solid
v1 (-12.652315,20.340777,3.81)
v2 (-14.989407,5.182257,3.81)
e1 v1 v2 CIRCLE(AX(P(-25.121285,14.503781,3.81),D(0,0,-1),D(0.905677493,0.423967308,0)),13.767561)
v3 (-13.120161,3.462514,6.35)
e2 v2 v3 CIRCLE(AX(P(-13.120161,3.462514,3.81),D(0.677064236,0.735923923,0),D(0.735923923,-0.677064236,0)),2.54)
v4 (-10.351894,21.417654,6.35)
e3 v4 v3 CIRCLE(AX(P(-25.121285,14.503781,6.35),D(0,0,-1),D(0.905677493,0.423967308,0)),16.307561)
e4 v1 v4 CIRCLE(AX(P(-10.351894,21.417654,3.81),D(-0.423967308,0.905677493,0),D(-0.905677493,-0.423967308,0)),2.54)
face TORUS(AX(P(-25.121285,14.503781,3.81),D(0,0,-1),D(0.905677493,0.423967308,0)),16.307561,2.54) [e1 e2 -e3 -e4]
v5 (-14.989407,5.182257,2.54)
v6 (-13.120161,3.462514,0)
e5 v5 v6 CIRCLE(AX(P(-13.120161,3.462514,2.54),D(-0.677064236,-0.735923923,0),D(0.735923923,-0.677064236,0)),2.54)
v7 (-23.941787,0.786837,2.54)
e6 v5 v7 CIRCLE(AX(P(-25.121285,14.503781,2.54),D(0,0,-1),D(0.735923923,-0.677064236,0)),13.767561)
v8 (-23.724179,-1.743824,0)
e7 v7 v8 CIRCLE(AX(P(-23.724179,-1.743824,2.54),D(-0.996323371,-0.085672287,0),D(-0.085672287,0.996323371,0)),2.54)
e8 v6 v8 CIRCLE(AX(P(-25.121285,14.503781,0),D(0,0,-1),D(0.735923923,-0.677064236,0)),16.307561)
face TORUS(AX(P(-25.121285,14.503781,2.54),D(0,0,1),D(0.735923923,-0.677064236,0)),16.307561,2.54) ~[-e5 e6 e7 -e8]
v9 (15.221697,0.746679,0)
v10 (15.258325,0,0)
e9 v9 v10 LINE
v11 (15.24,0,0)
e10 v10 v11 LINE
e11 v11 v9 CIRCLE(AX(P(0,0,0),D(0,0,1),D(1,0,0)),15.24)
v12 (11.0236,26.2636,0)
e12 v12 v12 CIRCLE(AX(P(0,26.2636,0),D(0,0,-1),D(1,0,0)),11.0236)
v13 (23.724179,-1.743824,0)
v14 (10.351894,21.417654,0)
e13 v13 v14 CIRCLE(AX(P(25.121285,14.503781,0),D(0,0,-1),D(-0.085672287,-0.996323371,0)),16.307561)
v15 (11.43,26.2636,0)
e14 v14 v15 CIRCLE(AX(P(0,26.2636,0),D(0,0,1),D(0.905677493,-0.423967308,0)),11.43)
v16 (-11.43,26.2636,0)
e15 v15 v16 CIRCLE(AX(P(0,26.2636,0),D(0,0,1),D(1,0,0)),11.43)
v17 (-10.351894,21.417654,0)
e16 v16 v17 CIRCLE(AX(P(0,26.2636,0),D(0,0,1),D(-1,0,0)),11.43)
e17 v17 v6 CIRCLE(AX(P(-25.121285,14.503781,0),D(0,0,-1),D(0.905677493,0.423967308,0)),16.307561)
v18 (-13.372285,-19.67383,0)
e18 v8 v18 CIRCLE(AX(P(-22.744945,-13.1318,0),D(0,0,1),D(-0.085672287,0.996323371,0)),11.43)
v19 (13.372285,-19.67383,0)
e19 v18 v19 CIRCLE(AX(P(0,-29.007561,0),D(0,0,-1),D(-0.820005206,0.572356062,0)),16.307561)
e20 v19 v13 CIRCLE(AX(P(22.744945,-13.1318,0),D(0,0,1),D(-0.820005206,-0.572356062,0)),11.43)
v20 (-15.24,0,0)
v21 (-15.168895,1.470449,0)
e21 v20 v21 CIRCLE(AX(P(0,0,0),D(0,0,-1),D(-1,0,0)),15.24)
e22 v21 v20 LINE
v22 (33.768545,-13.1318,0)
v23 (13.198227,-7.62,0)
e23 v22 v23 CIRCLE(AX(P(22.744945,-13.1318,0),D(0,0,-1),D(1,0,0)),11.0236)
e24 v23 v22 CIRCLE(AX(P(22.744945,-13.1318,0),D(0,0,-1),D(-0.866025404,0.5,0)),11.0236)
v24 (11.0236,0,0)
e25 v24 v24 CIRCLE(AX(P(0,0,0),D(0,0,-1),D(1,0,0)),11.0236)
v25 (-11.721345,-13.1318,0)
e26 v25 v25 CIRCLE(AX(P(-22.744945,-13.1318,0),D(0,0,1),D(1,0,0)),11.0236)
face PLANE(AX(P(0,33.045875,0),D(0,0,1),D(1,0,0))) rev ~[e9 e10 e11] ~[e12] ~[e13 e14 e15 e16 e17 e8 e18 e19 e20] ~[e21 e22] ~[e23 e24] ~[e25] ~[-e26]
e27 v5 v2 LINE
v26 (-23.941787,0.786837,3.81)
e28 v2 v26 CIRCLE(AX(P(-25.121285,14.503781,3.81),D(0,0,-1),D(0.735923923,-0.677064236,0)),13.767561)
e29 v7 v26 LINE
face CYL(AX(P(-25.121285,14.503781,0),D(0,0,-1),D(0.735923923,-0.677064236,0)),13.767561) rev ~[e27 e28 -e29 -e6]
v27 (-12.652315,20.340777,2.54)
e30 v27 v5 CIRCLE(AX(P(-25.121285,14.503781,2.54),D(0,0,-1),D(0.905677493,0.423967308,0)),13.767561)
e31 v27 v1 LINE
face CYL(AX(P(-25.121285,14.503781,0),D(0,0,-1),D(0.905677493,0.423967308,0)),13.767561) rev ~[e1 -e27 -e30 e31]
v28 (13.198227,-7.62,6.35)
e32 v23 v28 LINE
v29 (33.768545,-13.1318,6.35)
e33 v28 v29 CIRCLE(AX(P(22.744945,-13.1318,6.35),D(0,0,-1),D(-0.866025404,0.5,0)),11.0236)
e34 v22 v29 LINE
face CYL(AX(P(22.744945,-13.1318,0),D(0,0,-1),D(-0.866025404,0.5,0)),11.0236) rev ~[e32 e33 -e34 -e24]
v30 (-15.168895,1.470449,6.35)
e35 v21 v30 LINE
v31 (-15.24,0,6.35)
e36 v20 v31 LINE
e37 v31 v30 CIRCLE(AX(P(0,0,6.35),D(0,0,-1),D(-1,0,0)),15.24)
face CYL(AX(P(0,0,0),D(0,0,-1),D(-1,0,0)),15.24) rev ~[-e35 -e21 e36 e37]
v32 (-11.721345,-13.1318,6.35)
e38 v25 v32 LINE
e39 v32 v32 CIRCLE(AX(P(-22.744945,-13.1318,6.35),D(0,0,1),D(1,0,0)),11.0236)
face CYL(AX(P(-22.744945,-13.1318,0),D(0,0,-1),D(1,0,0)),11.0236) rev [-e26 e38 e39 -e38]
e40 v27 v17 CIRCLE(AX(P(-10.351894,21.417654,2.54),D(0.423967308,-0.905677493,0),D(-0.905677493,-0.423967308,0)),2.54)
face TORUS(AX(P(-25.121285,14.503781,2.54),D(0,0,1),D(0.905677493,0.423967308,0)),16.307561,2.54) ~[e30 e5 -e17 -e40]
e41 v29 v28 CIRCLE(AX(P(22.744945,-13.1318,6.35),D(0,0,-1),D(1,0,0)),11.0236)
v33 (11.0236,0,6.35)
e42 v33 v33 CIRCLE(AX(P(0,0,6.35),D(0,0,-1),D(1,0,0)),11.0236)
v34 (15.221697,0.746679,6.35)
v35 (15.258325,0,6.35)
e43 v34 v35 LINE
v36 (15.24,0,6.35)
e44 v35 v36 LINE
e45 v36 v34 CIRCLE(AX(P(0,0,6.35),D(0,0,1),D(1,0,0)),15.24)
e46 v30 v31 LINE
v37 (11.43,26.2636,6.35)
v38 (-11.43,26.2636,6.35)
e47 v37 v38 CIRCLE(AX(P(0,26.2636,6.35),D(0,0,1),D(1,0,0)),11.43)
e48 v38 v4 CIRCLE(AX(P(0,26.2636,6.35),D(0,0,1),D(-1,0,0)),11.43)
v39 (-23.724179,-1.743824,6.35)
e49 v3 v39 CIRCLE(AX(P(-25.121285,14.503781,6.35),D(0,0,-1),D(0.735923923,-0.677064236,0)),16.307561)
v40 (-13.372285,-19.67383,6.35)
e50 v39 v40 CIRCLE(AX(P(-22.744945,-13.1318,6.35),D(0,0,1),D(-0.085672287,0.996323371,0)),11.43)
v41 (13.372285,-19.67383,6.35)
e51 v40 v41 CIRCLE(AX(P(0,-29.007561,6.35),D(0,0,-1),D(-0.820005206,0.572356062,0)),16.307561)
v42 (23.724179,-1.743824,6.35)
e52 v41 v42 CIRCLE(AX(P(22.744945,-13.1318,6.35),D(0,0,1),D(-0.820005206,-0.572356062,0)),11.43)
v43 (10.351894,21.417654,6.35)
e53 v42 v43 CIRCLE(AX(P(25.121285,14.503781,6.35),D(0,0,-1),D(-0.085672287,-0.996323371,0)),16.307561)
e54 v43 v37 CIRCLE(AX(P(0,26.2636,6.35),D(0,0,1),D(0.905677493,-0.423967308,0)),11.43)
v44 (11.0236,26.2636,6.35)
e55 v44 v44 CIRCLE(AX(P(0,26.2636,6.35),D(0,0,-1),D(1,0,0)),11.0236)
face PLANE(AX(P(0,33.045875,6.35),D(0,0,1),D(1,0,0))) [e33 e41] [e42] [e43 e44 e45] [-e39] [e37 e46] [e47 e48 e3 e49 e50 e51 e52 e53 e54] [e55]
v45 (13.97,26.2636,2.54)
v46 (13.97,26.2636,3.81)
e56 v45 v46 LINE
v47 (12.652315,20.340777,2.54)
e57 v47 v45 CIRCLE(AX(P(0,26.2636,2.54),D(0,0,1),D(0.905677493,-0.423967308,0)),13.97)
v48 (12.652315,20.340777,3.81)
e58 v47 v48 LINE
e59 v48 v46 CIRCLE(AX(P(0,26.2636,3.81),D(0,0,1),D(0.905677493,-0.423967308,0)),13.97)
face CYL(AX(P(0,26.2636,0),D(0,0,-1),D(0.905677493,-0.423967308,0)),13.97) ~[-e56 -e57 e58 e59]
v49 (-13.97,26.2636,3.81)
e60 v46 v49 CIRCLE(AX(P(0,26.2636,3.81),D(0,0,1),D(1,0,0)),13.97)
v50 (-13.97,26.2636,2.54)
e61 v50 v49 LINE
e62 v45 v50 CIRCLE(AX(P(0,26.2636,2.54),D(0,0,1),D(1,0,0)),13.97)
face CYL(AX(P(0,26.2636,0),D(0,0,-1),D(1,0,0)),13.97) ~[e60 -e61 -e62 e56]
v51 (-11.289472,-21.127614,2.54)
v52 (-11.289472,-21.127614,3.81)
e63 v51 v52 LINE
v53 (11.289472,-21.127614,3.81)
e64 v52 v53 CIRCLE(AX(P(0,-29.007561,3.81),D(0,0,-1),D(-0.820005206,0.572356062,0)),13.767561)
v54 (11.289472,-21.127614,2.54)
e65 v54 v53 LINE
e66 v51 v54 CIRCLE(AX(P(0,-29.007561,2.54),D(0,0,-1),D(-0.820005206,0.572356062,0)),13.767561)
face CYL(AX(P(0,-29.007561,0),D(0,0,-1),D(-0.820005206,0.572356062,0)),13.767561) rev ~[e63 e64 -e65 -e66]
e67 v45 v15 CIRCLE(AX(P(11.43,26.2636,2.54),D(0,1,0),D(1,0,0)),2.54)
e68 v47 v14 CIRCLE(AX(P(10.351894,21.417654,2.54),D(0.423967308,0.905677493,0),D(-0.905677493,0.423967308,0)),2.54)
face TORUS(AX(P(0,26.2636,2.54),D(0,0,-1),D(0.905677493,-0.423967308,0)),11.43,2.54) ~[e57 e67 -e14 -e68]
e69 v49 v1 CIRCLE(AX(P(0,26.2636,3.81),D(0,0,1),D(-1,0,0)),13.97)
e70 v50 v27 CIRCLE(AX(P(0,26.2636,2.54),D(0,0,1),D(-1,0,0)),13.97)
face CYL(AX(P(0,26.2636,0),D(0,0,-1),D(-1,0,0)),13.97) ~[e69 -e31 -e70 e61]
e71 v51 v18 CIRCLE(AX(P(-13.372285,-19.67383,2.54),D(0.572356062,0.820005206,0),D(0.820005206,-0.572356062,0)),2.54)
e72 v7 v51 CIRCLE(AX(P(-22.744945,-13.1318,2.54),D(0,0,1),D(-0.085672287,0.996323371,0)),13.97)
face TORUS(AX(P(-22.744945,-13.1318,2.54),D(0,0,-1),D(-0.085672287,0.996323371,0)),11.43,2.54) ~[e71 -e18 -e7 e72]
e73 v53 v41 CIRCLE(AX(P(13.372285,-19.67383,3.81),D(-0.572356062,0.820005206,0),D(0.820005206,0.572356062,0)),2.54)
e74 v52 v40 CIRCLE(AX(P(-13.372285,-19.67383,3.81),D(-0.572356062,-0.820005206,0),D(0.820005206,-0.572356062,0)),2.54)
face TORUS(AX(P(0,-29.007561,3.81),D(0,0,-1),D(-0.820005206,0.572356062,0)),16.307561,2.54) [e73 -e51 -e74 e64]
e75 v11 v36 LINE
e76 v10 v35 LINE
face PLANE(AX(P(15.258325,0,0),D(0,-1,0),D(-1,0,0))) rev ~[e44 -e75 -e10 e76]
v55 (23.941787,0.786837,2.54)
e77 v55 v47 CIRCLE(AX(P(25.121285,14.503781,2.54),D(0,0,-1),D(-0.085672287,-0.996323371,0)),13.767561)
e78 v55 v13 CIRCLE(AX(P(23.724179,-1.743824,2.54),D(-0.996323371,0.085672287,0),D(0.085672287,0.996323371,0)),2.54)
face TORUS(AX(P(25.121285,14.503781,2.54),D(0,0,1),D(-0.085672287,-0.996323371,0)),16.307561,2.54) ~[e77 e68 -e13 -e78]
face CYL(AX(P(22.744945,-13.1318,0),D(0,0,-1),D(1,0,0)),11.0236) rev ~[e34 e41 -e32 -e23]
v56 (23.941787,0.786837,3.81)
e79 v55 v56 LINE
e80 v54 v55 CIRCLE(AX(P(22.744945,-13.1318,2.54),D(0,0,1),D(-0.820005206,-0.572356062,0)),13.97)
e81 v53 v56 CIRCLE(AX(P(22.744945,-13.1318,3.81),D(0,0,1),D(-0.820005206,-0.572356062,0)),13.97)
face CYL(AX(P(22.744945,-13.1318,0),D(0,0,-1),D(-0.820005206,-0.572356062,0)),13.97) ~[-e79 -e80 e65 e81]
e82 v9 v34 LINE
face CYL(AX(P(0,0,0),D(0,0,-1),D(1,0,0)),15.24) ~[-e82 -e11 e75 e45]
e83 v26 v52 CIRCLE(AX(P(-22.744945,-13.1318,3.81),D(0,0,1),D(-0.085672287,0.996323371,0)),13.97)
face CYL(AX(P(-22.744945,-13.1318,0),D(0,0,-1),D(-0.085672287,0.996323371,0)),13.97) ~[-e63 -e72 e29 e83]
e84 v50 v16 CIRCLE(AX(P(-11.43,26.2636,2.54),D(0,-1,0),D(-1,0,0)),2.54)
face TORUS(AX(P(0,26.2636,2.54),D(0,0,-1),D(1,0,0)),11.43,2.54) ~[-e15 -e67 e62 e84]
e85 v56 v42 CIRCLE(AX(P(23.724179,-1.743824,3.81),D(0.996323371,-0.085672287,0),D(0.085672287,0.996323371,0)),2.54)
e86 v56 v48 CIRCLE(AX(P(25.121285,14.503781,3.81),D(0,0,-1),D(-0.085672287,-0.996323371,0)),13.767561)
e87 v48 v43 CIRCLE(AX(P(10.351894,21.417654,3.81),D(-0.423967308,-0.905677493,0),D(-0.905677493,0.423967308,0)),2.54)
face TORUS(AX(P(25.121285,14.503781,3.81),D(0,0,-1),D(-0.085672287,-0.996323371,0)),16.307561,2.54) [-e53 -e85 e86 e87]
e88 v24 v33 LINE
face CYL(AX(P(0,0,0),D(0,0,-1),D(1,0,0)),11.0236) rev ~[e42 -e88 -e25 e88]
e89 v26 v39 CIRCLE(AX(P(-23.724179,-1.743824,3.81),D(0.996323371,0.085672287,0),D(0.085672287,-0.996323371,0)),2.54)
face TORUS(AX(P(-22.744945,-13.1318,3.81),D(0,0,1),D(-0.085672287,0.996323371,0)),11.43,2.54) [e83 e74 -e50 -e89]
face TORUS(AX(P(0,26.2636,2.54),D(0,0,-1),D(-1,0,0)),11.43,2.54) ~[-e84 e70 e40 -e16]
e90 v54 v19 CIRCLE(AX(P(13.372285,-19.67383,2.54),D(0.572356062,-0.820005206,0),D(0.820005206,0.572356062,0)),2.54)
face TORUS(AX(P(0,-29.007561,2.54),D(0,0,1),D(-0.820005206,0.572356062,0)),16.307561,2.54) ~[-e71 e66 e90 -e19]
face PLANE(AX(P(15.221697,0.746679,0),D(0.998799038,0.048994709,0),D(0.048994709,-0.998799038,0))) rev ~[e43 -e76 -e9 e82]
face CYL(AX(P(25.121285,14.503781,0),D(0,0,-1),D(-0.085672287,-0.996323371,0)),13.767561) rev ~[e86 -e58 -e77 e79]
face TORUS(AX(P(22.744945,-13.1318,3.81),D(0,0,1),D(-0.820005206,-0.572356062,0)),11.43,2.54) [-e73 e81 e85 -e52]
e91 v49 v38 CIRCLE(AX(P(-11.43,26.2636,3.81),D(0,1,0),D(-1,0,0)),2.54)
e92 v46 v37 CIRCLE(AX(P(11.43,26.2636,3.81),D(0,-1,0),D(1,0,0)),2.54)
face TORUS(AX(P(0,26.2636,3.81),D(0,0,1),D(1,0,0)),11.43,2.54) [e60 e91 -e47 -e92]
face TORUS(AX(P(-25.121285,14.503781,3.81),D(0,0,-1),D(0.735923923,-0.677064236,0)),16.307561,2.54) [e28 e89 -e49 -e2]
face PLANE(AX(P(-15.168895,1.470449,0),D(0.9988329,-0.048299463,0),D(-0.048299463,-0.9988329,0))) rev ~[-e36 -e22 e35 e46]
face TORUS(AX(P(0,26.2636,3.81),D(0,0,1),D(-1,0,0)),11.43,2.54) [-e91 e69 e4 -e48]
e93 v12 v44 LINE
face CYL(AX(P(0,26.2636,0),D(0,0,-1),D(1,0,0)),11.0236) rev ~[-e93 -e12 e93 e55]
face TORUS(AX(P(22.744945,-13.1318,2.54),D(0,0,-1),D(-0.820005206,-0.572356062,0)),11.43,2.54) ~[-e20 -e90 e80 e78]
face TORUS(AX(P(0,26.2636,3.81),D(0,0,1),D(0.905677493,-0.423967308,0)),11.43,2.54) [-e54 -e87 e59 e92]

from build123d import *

# Parameters (mm, degrees)
F0_R     = 11.0236
F1_DEPTH = 6.35
F2_R     = 2.54


with BuildPart() as f1:
    # F0 (on Top) → F1 (new body)
    with BuildSketch(Plane.XY):
        with BuildLine():
            Line((11.0236, 26.2636), (13.97, 26.2636))
            ThreePointArc((13.97, 26.2636), (0, 40.2336), (-13.97, 26.2636))
            Line((-13.97, 26.2636), (-11.0236, 26.2636))
            ThreePointArc((-11.0236, 26.2636), (0, 37.2872), (11.0236, 26.2636))
        make_face()
        with BuildLine():
            ThreePointArc((-12.6523145779, 20.3407767017), (0, 12.2936), (12.6523145779, 20.3407767017))
            ThreePointArc((12.6523145779, 20.3407767017), (13.6366002848, 23.2297851287), (13.97, 26.2636))
            Line((13.97, 26.2636), (11.0236, 26.2636))
            ThreePointArc((11.0236, 26.2636), (0, 15.24), (-11.0236, 26.2636))
            Line((-11.0236, 26.2636), (-13.97, 26.2636))
            ThreePointArc((-13.97, 26.2636), (-13.6366002848, 23.2297851287), (-12.6523145779, 20.3407767017))
        make_face()
        with BuildLine():
            ThreePointArc((-11.0236, 0), (0, 11.0236), (11.0236, 0))
            Line((11.0236, 0), (15.24, 0))
            ThreePointArc((15.24, 0), (15.2241210431, -0.6955130947), (15.1765172618, -1.3895768426))
            ThreePointArc((15.1765172618, -1.3895768426), (19.3784227224, 0.4264974276), (23.9417866454, 0.7868374902))
            ThreePointArc((23.9417866454, 0.7868374902), (13.1982271537, 7.62), (12.6523145779, 20.3407767017))
            ThreePointArc((12.6523145779, 20.3407767017), (0, 12.2936), (-12.6523145779, 20.3407767017))
            ThreePointArc((-12.6523145779, 20.3407767017), (-11.5144939922, 12.4059285943), (-14.9894072898, 5.1822572461))
            Line((-14.9894072898, 5.1822572461), (-15.1688950932, 1.4704494726))
            Line((-15.1688950932, 1.4704494726), (-15.24, 0))
            Line((-15.24, 0), (-11.0236, 0))
        make_face()
        with BuildLine():
            Line((15.2583246667, 0), (15.24, 0))
            ThreePointArc((15.24, 0), (15.235423648, 0.3734518243), (15.2216973405, 0.7466793643))
            Line((15.2216973405, 0.7466793643), (15.2583246667, 0))
        make_face(mode=Mode.SUBTRACT)
        with BuildLine():
            ThreePointArc((-15.1765172618, -1.3895768426), (-15.2241210431, -0.6955130947), (-15.24, 0))
            ThreePointArc((-15.24, 0), (-15.2222133939, 0.7360838198), (-15.1688950932, 1.4704494726))
            Line((-15.1688950932, 1.4704494726), (-14.9894072898, 5.1822572461))
            ThreePointArc((-14.9894072898, 5.1822572461), (-19.0536054002, 2.1454227776), (-23.9417866454, 0.7868374902))
            ThreePointArc((-23.9417866454, 0.7868374902), (-19.3784227224, 0.4264974276), (-15.1765172618, -1.3895768426))
        make_face()
        with BuildLine():
            ThreePointArc((-8.7749447948, -13.1318), (-10.4793051328, -6.4448736746), (-15.1765172618, -1.3895768426))
            ThreePointArc((-15.1765172618, -1.3895768426), (-19.3784227224, 0.4264974276), (-23.9417866454, 0.7868374902))
            ThreePointArc((-23.9417866454, 0.7868374902), (-34.8433196857, -20.1168), (-11.2894720675, -21.127614192))
            ThreePointArc((-11.2894720675, -21.127614192), (-9.4183950913, -17.3227393934), (-8.7749447948, -13.1318))
        make_face()
        with Locations((-22.7449447948, -13.1318)):
            Circle(F0_R, mode=Mode.SUBTRACT)
        with BuildLine():
            Line((15.24, 0), (11.0236, 0))
            ThreePointArc((11.0236, 0), (0, -11.0236), (-11.0236, 0))
            Line((-11.0236, 0), (-15.24, 0))
            ThreePointArc((-15.24, 0), (-15.2241210431, -0.6955130947), (-15.1765172618, -1.3895768426))
            ThreePointArc((-15.1765172618, -1.3895768426), (-10.4793051328, -6.4448736746), (-8.7749447948, -13.1318))
            ThreePointArc((-8.7749447948, -13.1318), (-9.4183950913, -17.3227393934), (-11.2894720675, -21.127614192))
            ThreePointArc((-11.2894720675, -21.127614192), (0, -15.24), (11.2894720675, -21.127614192))
            ThreePointArc((11.2894720675, -21.127614192), (9.3198537542, -16.9954550766), (8.7916674771, -12.4484610684))
            ThreePointArc((8.7916674771, -12.4484610684), (10.646569904, -6.1468), (15.1765172618, -1.3895768426))
            ThreePointArc((15.1765172618, -1.3895768426), (15.2241210431, -0.6955130947), (15.24, 0))
        make_face()
        with BuildLine():
            ThreePointArc((23.9417866454, 0.7868374902), (19.3784227224, 0.4264974276), (15.1765172618, -1.3895768426))
            ThreePointArc((15.1765172618, -1.3895768426), (10.646569904, -6.1468), (8.7916674771, -12.4484610684))
            ThreePointArc((8.7916674771, -12.4484610684), (9.3198537542, -16.9954550766), (11.2894720675, -21.127614192))
            ThreePointArc((11.2894720675, -21.127614192), (26.9358841883, -26.4583497035), (36.7149447948, -13.1318))
            ThreePointArc((36.7149447948, -13.1318), (33.037679627, -3.6861391087), (23.9417866454, 0.7868374902))
        make_face()
        with BuildLine():
            ThreePointArc((33.7685447948, -13.1318), (19.8918271692, -23.7797799387), (13.1982271537, -7.62))
            ThreePointArc((13.1982271537, -7.62), (25.5980624204, -2.4838200613), (33.7685447948, -13.1318))
        make_face(mode=Mode.SUBTRACT)
    extrude(amount=F1_DEPTH)

    # F2
    f2_edges = [f1.edges().sort_by_distance(p)[0] for p in [
        (0, 40.2336, 6.35),
        (-13.198227, 7.62, 6.35),
        (-34.84332, -20.1168, 6.35),
        (0, -15.24, 6.35),
        (34.84332, -20.1168, 6.35),
        (13.198227, 7.62, 6.35),
        (-23.941787, 0.786837, 3.175),
        (-11.289472, -21.127614, 3.175),
        (-34.84332, -20.1168, 0),
        (11.289472, -21.127614, 3.175),
        (0, -15.24, 0),
        (23.941787, 0.786837, 3.175),
        (34.84332, -20.1168, 0),
        (12.652315, 20.340777, 3.175),
        (13.198227, 7.62, 0),
        (0, 40.2336, 0),
        (-13.198227, 7.62, 0),
    ]]
    fillet(f2_edges, radius=F2_R)


solid = f1.part
